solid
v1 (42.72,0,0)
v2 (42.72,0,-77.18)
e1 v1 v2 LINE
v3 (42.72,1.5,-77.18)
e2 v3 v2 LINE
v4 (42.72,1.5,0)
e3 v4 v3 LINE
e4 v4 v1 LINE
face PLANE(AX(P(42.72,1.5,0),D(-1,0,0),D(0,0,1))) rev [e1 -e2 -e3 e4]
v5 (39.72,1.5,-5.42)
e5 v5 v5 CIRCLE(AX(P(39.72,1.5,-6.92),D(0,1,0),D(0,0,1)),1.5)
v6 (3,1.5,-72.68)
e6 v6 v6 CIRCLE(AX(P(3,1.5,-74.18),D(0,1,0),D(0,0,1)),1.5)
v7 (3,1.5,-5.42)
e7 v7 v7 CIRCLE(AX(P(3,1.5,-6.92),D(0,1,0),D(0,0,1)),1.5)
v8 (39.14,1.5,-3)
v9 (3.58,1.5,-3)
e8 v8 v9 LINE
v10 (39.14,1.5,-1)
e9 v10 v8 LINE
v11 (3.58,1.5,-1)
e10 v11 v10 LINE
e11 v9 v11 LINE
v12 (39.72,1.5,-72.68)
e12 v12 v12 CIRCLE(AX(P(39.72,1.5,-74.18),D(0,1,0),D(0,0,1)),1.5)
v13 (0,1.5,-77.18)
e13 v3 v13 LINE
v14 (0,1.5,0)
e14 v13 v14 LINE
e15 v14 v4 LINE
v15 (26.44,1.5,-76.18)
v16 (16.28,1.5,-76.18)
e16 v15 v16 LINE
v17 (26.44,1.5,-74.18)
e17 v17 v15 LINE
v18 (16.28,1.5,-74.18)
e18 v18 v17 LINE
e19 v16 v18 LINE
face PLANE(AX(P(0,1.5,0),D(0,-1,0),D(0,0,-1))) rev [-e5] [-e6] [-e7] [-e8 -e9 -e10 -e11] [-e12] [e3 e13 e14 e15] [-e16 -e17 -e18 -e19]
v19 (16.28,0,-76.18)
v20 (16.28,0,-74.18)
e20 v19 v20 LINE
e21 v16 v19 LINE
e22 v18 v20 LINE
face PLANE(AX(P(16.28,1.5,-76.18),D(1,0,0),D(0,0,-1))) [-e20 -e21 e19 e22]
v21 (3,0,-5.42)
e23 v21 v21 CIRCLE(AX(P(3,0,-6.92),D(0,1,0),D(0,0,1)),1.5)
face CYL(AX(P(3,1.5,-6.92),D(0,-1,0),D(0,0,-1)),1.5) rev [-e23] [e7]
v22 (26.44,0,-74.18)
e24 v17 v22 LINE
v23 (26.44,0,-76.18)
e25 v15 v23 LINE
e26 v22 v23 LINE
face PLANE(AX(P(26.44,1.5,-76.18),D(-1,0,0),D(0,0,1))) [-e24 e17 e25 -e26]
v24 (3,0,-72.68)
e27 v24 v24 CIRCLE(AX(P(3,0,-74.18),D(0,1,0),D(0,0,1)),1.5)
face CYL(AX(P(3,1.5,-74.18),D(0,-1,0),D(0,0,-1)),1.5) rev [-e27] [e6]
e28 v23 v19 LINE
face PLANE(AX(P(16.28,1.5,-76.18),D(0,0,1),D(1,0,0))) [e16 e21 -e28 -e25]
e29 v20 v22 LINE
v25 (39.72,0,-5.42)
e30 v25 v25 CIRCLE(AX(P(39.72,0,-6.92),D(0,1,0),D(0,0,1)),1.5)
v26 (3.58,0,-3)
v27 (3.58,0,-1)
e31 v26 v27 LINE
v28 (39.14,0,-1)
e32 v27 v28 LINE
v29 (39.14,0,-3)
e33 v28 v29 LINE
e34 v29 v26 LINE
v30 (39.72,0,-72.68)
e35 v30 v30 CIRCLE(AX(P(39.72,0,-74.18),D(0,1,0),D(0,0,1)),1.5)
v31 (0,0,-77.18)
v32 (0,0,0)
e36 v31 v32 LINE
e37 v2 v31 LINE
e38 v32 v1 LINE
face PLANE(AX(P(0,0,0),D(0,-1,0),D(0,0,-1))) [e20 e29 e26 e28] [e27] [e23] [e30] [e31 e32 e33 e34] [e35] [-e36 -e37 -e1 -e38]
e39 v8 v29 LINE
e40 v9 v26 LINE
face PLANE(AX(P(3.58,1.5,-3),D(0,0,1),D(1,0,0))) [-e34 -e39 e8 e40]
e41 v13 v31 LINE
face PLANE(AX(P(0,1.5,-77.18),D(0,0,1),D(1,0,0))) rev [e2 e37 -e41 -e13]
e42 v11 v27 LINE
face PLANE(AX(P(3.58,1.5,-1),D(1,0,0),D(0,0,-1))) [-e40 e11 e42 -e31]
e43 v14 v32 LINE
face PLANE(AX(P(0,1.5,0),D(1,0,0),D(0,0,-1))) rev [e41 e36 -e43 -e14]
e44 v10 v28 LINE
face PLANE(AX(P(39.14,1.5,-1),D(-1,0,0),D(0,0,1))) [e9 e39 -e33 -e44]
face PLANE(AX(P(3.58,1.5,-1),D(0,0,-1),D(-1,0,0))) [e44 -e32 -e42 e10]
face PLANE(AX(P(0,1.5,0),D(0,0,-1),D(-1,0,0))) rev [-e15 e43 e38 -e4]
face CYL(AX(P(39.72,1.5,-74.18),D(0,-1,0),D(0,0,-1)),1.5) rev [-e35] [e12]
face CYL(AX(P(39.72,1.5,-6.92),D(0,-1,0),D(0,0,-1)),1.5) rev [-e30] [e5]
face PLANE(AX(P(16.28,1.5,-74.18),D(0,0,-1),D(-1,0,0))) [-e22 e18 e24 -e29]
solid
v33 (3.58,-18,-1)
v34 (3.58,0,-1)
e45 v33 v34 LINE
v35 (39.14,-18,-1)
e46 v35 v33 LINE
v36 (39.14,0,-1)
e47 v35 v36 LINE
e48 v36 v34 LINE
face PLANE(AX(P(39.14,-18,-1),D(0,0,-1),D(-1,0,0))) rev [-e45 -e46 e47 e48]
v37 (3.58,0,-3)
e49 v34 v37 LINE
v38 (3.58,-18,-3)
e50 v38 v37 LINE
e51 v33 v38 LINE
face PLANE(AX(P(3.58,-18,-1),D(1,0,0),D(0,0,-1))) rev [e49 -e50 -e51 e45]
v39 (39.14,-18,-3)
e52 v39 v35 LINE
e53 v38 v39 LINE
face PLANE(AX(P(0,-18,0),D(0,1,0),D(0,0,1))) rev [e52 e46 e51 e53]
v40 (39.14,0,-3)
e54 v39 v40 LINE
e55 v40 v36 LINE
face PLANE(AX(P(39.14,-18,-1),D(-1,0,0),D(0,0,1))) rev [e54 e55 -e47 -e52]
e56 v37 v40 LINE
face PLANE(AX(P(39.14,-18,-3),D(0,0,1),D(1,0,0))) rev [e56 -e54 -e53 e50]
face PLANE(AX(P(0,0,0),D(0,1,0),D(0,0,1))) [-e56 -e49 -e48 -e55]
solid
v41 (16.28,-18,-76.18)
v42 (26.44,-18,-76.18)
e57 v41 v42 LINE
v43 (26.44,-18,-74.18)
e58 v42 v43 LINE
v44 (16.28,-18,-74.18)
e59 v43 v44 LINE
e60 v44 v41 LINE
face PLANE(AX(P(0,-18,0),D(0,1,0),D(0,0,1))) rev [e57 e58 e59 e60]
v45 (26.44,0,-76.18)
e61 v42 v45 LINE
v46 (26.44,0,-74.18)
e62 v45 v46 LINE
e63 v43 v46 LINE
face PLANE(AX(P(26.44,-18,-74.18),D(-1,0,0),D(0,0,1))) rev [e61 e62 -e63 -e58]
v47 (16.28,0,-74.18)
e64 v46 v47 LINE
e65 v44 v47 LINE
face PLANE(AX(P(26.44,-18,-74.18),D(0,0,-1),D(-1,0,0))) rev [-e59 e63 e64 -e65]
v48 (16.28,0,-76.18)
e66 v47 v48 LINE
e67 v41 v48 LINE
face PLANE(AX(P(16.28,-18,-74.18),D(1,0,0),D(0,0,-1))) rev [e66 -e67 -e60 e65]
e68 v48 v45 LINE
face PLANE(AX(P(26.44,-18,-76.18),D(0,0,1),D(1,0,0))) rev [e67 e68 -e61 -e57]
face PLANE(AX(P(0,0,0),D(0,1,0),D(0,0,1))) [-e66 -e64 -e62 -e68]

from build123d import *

# Parameters (mm, degrees)
SKETCH1_W           = 42.72
SKETCH1_H           = 77.18
SKETCH1_R           = 1.5
SKETCH1_W_2         = 35.56
SKETCH1_H_2         = 2
SKETCH1_W_3         = 10.16
BOSS_EXTRUDE1_DEPTH = 1.5
SKETCH2_W           = 35.56
SKETCH2_H           = 2
BOSS_EXTRUDE2_DEPTH = 18
SKETCH3_W           = 10.16
SKETCH3_H           = 2
BOSS_EXTRUDE3_DEPTH = 18


with BuildPart() as part:
    # Sketch1 → Boss-Extrude1 (new body)
    with BuildSketch(Plane(origin=(0, 0, 0), x_dir=(1, 0, 0), z_dir=(0, 1, 0))):
        with Locations((21.36, 38.59)):
            Rectangle(SKETCH1_W, SKETCH1_H)
        with Locations((39.72, 74.18)):
            Circle(SKETCH1_R, mode=Mode.SUBTRACT)
        with Locations((3, 74.18)):
            Circle(SKETCH1_R, mode=Mode.SUBTRACT)
        with Locations((3, 6.92)):
            Circle(SKETCH1_R, mode=Mode.SUBTRACT)
        with Locations((39.72, 6.92)):
            Circle(SKETCH1_R, mode=Mode.SUBTRACT)
        with Locations((21.36, 2)):
            Rectangle(SKETCH1_W_2, SKETCH1_H_2, mode=Mode.SUBTRACT)
        with Locations((21.36, 75.18)):
            Rectangle(SKETCH1_W_3, SKETCH1_H_2, mode=Mode.SUBTRACT)
    extrude(amount=BOSS_EXTRUDE1_DEPTH)


with BuildPart() as body_2:
    # Sketch2 → Boss-Extrude2 (new body)
    with BuildSketch(Plane.XZ):
        with Locations((21.36, -2)):
            Rectangle(SKETCH2_W, SKETCH2_H)
    extrude(amount=BOSS_EXTRUDE2_DEPTH)


with BuildPart() as body_3:
    # Sketch3 → Boss-Extrude3 (new body)
    with BuildSketch(Plane.XZ):
        with Locations((21.36, -75.18)):
            Rectangle(SKETCH3_W, SKETCH3_H)
    extrude(amount=BOSS_EXTRUDE3_DEPTH)


solid = Compound([part.part, body_2.part, body_3.part])
